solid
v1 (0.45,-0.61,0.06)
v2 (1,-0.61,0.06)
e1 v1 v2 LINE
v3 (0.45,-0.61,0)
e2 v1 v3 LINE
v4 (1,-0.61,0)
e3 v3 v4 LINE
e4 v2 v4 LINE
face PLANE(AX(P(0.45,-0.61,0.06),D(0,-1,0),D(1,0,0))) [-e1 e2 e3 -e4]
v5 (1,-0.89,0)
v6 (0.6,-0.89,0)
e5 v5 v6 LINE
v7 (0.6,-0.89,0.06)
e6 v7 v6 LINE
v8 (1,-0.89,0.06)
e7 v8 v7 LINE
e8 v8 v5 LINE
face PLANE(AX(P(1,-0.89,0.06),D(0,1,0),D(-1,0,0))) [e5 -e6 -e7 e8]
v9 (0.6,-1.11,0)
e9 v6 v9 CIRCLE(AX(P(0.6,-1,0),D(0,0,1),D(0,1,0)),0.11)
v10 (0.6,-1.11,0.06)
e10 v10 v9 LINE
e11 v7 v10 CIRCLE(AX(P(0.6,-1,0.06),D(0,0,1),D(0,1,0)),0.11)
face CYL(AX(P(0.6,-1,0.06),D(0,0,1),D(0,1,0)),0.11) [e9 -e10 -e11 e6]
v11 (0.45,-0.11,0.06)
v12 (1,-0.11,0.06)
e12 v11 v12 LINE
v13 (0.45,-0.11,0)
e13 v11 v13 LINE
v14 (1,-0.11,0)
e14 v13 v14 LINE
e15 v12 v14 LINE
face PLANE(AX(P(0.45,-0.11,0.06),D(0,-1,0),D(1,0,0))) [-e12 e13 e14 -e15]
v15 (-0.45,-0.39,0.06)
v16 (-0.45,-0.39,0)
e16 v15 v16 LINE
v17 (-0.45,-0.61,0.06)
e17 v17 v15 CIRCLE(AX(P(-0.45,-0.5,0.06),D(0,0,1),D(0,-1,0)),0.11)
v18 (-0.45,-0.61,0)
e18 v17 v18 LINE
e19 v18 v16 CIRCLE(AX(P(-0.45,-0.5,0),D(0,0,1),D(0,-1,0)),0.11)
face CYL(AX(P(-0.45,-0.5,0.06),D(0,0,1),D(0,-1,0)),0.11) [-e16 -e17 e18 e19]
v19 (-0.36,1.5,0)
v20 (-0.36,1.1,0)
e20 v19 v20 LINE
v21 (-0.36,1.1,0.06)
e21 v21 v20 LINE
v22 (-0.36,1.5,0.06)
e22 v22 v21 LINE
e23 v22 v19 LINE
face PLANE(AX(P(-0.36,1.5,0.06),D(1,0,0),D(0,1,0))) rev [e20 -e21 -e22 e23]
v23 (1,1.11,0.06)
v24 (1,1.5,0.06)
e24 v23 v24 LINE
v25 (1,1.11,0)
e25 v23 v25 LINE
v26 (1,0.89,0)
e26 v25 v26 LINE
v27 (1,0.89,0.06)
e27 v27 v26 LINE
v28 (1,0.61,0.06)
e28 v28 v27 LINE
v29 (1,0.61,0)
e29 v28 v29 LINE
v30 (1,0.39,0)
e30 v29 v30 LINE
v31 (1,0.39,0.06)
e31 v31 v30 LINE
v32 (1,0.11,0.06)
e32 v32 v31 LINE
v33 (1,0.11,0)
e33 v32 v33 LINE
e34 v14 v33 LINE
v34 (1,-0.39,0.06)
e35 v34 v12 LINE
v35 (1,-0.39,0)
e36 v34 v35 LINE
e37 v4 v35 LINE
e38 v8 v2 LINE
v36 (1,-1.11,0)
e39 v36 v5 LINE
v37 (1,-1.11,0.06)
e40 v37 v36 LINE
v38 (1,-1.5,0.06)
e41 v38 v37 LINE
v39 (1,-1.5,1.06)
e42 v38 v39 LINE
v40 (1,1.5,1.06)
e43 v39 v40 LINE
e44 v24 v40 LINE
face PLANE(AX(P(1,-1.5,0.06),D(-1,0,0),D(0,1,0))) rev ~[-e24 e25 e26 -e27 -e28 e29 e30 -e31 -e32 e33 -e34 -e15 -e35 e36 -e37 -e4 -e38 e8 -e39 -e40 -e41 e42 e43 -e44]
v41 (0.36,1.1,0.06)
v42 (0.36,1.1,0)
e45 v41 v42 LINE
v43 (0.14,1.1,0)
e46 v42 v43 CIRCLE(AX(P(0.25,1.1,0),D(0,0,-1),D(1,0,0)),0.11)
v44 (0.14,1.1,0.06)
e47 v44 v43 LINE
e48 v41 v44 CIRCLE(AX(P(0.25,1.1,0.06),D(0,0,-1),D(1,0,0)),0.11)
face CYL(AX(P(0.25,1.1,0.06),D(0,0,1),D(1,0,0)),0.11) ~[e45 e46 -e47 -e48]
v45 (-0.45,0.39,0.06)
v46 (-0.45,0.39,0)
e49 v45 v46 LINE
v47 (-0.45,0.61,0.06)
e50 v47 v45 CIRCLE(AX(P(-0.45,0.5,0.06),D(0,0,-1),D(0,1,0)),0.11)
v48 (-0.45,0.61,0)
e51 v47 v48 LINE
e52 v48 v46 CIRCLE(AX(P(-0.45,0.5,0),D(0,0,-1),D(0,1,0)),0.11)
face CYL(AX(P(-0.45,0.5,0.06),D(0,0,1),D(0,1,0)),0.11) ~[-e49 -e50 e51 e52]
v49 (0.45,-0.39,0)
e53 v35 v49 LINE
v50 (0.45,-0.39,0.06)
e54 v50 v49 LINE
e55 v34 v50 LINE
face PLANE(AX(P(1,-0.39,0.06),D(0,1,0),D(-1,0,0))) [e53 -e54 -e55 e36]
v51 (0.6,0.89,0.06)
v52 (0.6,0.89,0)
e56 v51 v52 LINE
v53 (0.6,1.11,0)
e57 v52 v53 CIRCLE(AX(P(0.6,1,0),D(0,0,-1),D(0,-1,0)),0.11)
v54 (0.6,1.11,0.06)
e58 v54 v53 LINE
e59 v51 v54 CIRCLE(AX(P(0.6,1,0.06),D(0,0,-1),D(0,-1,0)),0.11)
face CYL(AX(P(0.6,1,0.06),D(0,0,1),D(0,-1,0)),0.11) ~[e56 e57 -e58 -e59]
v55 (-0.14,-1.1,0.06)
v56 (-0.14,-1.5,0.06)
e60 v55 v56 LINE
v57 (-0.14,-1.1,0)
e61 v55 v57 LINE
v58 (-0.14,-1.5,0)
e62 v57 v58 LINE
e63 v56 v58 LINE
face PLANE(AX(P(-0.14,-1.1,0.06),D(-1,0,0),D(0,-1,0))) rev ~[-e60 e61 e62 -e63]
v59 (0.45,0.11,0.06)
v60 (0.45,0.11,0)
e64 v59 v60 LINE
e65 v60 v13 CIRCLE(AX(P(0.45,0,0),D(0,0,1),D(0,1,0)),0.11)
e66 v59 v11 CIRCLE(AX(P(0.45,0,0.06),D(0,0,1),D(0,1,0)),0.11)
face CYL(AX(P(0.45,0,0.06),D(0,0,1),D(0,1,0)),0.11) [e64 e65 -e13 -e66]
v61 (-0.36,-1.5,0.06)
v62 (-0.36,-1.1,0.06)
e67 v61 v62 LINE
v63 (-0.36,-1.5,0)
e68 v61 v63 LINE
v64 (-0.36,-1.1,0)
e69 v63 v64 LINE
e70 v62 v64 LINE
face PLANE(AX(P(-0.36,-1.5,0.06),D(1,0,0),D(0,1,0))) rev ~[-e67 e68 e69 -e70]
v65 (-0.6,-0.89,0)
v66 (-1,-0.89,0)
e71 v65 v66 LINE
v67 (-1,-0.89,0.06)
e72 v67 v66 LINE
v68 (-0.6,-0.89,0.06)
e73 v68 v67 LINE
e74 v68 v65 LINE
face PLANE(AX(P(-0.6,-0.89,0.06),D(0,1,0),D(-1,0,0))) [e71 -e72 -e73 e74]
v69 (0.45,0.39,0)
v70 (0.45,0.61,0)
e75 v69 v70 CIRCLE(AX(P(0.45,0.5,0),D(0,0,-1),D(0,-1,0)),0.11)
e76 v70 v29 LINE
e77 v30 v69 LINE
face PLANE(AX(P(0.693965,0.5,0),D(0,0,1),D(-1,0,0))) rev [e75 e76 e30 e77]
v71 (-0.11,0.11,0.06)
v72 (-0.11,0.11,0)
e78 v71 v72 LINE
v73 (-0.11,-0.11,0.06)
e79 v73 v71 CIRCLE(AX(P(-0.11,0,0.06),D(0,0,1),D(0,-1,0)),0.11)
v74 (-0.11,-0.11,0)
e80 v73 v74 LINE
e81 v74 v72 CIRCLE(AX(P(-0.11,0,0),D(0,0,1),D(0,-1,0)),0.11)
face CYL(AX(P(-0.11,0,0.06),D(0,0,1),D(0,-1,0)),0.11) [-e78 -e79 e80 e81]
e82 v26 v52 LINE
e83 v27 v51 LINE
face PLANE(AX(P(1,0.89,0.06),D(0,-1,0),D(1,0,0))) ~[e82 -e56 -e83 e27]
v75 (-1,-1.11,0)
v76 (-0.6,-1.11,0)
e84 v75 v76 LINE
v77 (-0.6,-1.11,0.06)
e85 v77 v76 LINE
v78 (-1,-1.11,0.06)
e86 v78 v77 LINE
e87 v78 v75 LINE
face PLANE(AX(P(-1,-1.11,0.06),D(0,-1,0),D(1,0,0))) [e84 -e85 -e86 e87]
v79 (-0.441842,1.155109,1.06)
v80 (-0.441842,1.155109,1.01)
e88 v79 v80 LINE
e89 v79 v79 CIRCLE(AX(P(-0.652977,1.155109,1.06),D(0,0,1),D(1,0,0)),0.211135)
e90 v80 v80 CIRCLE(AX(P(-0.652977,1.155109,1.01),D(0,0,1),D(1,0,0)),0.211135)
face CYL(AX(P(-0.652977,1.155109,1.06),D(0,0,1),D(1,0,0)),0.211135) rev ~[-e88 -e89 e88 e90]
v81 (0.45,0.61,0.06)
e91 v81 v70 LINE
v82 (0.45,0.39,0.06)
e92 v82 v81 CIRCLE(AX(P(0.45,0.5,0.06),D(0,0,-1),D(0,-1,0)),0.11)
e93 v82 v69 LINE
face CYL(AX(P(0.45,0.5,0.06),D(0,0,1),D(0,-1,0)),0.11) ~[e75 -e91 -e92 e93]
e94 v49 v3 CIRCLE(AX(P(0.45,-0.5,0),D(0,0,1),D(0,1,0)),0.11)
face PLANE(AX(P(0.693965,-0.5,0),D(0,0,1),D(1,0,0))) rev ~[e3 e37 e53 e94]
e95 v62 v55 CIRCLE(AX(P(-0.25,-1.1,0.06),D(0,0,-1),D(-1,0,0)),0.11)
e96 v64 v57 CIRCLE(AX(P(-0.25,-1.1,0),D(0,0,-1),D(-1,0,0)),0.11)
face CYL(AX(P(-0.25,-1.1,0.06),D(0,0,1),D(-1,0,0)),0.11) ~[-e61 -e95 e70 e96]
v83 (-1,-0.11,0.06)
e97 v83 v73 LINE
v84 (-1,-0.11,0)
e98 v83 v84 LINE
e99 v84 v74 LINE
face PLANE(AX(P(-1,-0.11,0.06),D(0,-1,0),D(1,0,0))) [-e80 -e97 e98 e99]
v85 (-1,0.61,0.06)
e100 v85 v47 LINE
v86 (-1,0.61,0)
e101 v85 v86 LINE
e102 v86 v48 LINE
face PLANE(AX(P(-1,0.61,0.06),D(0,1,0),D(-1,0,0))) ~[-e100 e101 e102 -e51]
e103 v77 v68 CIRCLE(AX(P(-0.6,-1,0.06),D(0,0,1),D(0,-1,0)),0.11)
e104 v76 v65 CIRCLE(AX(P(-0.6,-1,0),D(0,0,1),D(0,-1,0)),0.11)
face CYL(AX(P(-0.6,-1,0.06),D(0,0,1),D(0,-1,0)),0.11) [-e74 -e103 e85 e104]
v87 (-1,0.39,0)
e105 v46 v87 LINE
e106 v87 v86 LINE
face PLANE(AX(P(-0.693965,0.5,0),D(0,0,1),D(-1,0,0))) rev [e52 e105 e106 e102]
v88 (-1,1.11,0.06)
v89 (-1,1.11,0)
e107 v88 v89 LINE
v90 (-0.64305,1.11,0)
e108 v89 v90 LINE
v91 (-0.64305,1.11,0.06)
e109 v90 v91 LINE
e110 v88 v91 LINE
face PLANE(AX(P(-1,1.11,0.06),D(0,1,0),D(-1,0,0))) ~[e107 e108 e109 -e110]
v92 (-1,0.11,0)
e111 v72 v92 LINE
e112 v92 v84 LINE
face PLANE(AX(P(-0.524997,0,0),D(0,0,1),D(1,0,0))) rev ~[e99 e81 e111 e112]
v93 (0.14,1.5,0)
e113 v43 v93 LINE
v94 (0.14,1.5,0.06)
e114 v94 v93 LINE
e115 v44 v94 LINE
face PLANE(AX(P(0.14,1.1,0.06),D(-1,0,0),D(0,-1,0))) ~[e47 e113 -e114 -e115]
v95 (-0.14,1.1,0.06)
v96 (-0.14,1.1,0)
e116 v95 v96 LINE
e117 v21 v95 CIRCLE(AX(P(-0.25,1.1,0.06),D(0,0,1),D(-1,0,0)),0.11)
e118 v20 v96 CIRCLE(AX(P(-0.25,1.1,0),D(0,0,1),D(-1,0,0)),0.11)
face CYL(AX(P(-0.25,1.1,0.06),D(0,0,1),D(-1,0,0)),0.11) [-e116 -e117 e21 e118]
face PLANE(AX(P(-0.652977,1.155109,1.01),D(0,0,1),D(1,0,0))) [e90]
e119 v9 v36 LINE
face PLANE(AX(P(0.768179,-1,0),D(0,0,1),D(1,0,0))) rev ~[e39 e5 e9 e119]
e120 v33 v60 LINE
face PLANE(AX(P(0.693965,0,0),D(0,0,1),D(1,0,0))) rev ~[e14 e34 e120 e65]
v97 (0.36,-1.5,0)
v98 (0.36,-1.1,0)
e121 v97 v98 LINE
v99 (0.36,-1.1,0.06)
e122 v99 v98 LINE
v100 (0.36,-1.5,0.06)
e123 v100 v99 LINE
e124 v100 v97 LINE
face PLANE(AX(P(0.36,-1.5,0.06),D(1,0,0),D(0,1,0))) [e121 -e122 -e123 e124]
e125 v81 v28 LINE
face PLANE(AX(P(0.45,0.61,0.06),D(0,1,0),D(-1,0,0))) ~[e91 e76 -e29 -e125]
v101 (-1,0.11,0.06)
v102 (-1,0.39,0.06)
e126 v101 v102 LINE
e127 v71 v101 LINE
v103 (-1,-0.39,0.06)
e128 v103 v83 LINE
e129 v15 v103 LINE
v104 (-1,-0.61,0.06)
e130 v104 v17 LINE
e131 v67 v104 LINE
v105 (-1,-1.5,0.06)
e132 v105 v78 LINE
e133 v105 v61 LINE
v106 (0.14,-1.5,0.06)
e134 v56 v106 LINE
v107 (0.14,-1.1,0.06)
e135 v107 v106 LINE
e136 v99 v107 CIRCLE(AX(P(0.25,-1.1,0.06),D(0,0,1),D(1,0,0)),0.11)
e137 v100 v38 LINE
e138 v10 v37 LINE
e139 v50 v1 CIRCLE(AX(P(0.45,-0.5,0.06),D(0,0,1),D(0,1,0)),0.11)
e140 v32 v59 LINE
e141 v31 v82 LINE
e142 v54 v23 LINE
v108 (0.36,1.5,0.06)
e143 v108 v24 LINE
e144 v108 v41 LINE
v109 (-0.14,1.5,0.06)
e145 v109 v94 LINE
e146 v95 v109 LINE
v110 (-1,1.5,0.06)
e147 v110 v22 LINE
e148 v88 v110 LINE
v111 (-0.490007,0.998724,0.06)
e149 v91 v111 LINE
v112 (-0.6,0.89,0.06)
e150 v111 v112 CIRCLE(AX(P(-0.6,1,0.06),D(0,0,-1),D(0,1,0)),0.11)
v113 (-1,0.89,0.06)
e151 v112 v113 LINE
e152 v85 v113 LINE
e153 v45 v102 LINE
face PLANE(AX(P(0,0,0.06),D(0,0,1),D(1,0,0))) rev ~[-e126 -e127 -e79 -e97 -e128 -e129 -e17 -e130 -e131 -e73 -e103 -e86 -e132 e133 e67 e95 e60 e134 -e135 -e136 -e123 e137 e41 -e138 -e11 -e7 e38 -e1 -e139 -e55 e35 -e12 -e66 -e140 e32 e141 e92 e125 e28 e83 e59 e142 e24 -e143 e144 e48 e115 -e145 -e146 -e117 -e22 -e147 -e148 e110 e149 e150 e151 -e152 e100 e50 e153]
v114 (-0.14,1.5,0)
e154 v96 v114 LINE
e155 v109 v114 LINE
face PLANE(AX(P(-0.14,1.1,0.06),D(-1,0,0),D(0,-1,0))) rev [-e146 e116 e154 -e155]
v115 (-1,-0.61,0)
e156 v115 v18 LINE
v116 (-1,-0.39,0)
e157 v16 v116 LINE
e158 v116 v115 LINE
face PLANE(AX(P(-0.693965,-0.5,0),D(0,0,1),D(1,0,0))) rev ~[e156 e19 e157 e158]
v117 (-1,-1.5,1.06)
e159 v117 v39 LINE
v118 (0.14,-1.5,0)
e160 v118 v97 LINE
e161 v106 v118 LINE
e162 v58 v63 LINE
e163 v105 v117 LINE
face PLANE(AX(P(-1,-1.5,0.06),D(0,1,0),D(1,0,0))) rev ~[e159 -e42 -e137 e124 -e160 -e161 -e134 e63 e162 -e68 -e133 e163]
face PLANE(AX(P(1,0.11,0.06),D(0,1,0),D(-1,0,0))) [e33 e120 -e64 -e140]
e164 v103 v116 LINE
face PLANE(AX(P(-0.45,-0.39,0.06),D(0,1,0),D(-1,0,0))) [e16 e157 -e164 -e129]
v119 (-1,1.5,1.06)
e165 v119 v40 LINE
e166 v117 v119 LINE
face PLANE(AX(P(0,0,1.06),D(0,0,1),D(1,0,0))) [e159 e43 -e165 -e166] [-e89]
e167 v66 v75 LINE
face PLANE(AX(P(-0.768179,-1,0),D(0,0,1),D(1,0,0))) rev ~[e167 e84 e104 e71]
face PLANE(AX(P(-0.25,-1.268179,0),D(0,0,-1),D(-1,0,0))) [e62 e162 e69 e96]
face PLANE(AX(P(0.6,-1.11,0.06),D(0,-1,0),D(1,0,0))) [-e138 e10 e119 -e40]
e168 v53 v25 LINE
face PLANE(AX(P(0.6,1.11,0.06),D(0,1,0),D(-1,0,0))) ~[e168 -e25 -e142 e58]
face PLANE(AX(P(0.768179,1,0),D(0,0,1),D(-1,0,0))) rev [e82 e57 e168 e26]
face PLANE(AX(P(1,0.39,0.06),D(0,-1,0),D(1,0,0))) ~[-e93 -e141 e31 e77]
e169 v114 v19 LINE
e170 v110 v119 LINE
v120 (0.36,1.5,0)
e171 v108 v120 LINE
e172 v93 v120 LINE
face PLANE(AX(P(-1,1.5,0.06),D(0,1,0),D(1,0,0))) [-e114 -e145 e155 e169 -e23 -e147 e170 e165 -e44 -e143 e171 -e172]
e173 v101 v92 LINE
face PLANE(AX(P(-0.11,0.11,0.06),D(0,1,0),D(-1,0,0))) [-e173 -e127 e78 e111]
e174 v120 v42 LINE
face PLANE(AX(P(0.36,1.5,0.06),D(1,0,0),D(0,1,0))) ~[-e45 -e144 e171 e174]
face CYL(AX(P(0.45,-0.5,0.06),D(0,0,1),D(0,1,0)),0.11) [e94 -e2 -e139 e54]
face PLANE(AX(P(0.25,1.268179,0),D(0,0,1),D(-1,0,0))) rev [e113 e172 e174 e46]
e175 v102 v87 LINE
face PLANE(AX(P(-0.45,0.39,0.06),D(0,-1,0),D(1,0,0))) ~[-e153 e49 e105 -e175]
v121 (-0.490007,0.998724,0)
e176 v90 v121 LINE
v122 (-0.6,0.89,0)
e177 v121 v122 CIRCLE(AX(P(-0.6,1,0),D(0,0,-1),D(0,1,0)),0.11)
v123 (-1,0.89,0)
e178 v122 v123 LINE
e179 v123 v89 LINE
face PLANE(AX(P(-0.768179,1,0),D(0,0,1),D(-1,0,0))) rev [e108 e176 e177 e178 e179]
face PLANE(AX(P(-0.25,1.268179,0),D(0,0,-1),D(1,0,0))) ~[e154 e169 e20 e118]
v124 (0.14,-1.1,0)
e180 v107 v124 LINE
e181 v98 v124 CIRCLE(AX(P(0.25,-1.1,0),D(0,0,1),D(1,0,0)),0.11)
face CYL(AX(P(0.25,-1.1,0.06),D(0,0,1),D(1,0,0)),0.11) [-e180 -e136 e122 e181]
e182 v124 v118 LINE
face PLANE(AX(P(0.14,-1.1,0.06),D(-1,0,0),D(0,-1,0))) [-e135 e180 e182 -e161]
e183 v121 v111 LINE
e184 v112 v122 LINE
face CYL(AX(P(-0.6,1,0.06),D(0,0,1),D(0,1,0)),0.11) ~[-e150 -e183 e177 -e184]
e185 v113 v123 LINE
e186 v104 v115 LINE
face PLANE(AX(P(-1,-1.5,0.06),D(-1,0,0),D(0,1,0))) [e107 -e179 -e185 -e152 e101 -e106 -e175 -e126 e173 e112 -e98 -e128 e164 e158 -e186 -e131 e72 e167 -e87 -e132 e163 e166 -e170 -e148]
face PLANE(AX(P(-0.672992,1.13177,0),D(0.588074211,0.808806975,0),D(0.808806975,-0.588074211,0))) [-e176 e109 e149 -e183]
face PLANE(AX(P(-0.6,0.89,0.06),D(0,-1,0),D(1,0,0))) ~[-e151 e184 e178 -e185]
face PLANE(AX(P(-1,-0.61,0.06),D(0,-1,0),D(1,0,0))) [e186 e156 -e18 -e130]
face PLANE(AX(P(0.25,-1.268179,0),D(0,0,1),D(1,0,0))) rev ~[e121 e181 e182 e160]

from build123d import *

# Parameters (mm, degrees)
BOSS_EXTRUDE1_START = 0.06
SKETCH1_W           = 2
SKETCH1_H           = 3
BOSS_EXTRUDE1_DEPTH = 1
BOSS_EXTRUDE2_DEPTH = 0.06
CUT_EXTRUDE2_DEPTH  = 0.06
SKETCH2_R           = 0.211135496
CUT_EXTRUDE3_DEPTH  = 0.05


with BuildPart() as part:
    # Sketch1 → Boss-Extrude1 (new body)
    with BuildSketch(Plane.XY.offset(BOSS_EXTRUDE1_START)):
        Rectangle(SKETCH1_W, SKETCH1_H)
    extrude(amount=BOSS_EXTRUDE1_DEPTH)

    # Sketch3 → Boss-Extrude2 (add)
    with BuildSketch(Plane(origin=(0, 0, 0.06), x_dir=(-1, 0, 0), z_dir=(0, 0, -1))):
        with BuildLine():
            Line((1, -0.11), (0.11, -0.11))
            ThreePointArc((0.11, -0.11), (0, 0), (0.11, 0.11))
            Line((0.11, 0.11), (1, 0.11))
            Line((1, 0.11), (1, -0.11))
        make_face()
        with BuildLine():
            Line((1, -0.61), (0.45, -0.61))
            ThreePointArc((0.45, -0.61), (0.34, -0.5), (0.45, -0.39))
            Line((0.45, -0.39), (1, -0.39))
            Line((1, -0.39), (1, -0.61))
        make_face()
        with BuildLine():
            Line((1, -1.11), (0.6, -1.11))
            ThreePointArc((0.6, -1.11), (0.49, -1), (0.6, -0.89))
            Line((0.6, -0.89), (1, -0.89))
            Line((1, -0.89), (1, -1.11))
        make_face()
        with BuildLine():
            Line((-1, 0.11), (-0.45, 0.11))
            ThreePointArc((-0.45, 0.11), (-0.34, 0), (-0.45, -0.11))
            Line((-0.45, -0.11), (-1, -0.11))
            Line((-1, -0.11), (-1, 0.11))
        make_face()
        with BuildLine():
            Line((-1, -0.61), (-1, -0.39))
            Line((-1, -0.39), (-0.45, -0.39))
            ThreePointArc((-0.45, -0.39), (-0.34, -0.5), (-0.45, -0.61))
            Line((-0.45, -0.61), (-1, -0.61))
        make_face()
        with BuildLine():
            Line((-1, -1.11), (-1, -0.89))
            Line((-1, -0.89), (-0.6, -0.89))
            ThreePointArc((-0.6, -0.89), (-0.49, -1), (-0.6, -1.11))
            Line((-0.6, -1.11), (-1, -1.11))
        make_face()
        with BuildLine():
            Line((-0.36, -1.5), (-0.36, -1.1))
            ThreePointArc((-0.36, -1.1), (-0.25, -0.99), (-0.14, -1.1))
            Line((-0.14, -1.1), (-0.14, -1.5))
            Line((-0.14, -1.5), (-0.36, -1.5))
        make_face()
        with BuildLine():
            Line((0.36, -1.5), (0.36, -1.1))
            ThreePointArc((0.36, -1.1), (0.25, -0.99), (0.14, -1.1))
            Line((0.14, -1.1), (0.14, -1.5))
            Line((0.14, -1.5), (0.36, -1.5))
        make_face()
    boss_extrude2 = extrude(amount=BOSS_EXTRUDE2_DEPTH)

    # Mirror1: Boss-Extrude2 across plane
    add(boss_extrude2.mirror(Plane.ZX))

    # Sketch4 → Cut-Extrude2 (cut)
    with BuildSketch(Plane(origin=(0, 0, 0), x_dir=(-1, 0, 0), z_dir=(0, 0, -1))):
        Polygon((0.672992218, 1.131770283), (0.453793128, 0.972393156), (0.453793128, 1.155108585), align=None)
    extrude(amount=-CUT_EXTRUDE2_DEPTH, mode=Mode.SUBTRACT)

    # Sketch2 → Cut-Extrude3 (cut)
    with BuildSketch(Plane.XY.offset(1.06)):
        with Locations((-0.652977304, 1.155108585)):
            Circle(SKETCH2_R)
    extrude(amount=-CUT_EXTRUDE3_DEPTH, mode=Mode.SUBTRACT)


solid = part.part
